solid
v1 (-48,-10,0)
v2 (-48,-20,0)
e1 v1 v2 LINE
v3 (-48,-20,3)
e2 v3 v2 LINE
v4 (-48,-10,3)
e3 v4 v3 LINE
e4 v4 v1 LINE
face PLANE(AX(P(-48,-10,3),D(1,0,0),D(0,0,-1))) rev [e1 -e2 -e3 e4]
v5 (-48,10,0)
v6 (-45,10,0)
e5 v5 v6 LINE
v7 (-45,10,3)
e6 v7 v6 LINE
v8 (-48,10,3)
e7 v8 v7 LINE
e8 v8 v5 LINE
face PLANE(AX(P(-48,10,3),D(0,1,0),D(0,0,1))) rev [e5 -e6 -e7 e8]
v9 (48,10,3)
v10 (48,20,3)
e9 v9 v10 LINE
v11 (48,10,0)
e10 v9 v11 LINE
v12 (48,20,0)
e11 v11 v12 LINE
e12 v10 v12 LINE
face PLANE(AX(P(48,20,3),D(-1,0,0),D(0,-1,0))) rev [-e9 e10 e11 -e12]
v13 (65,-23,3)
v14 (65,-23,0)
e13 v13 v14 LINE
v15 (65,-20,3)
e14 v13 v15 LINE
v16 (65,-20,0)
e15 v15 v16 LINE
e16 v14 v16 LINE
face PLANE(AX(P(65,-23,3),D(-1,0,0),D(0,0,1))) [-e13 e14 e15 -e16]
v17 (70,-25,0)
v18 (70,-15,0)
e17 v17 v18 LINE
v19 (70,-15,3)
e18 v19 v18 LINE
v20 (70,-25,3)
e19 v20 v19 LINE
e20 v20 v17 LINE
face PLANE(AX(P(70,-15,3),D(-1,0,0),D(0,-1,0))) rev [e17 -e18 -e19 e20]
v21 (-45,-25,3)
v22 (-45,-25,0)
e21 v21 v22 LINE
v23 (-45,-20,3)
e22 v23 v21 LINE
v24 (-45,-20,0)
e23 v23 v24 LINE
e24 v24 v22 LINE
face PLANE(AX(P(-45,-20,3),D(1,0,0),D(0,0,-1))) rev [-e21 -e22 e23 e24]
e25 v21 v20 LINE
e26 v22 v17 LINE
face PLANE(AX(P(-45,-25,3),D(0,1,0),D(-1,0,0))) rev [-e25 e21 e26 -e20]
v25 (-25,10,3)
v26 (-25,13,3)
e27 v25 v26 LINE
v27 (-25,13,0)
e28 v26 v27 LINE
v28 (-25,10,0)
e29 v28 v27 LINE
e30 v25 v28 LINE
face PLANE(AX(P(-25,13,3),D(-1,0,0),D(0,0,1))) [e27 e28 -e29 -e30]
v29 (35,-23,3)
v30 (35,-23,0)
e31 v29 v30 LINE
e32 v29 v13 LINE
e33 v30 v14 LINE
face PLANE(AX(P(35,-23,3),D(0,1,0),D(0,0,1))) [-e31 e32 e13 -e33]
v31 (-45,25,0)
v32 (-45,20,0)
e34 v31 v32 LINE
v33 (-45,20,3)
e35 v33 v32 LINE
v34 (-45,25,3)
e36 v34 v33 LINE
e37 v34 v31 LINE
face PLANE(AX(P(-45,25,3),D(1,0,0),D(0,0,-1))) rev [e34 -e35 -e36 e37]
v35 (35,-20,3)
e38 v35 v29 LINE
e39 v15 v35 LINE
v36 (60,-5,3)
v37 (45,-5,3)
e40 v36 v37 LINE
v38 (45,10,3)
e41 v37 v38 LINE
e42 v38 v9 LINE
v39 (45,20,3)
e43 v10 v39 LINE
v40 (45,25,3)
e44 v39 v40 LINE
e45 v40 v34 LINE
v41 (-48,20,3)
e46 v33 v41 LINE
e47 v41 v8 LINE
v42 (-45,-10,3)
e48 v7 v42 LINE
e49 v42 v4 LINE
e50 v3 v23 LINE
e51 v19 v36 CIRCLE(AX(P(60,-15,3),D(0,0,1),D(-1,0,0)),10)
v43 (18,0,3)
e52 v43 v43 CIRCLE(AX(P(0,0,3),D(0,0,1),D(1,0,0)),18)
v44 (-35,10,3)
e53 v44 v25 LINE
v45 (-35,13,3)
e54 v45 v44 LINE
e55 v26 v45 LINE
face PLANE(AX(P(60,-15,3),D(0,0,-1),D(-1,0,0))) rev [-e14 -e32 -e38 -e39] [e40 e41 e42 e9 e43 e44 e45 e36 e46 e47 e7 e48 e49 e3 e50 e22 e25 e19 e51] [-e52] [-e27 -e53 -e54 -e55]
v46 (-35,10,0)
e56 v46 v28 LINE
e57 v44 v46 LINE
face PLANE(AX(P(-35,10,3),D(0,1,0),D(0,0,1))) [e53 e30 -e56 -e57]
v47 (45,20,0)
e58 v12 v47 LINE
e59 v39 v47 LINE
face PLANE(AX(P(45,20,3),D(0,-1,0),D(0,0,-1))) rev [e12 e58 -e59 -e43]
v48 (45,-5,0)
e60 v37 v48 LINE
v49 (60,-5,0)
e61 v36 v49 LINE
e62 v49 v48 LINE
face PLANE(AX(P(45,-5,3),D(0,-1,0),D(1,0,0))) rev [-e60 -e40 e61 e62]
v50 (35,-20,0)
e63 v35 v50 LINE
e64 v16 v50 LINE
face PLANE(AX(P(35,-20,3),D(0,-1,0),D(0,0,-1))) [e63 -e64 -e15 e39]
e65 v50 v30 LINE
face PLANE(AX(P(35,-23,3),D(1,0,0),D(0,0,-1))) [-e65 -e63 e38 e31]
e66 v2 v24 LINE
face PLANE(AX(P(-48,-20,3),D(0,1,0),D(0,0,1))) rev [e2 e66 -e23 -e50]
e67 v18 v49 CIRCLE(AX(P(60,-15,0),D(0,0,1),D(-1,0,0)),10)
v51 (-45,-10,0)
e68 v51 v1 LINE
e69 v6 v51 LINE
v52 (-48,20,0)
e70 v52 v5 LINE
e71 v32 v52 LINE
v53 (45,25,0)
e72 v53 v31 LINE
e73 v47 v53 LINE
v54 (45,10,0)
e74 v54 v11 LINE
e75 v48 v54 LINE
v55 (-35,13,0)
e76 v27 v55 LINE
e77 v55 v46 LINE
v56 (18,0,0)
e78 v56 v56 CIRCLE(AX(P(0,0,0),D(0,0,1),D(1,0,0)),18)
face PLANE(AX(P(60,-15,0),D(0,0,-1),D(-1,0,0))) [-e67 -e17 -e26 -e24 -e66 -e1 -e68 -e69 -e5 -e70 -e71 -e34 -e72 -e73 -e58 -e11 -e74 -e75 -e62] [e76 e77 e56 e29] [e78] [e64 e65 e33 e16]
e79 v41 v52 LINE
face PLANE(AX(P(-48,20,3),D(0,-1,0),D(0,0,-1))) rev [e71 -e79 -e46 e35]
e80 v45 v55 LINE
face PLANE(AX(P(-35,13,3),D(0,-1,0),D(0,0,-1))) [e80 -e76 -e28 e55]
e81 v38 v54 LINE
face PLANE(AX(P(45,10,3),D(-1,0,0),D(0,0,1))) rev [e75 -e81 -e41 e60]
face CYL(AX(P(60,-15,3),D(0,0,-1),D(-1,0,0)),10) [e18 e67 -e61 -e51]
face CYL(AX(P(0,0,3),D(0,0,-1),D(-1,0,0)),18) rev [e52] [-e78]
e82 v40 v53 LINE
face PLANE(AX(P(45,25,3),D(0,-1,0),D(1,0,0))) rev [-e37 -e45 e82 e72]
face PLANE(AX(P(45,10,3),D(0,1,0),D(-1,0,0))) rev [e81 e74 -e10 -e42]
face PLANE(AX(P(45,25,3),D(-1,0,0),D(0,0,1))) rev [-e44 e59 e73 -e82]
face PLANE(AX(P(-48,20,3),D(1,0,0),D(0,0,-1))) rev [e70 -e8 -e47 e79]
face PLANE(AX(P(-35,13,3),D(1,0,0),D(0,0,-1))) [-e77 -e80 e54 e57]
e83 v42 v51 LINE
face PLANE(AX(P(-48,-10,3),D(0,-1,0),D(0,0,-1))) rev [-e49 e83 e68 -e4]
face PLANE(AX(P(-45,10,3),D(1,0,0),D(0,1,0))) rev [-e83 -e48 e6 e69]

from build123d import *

# Parameters (mm, degrees)
SKETCH1_R           = 18
SKETCH1_W           = 10
SKETCH1_H           = 3
SKETCH1_W_2         = 30
BOSS_EXTRUDE1_DEPTH = 3


with BuildPart() as part:
    # Sketch1 → Boss-Extrude1 (new body)
    with BuildSketch(Plane.XY):
        with BuildLine():
            Line((-45, 10), (-45, -10))
            Line((-45, -10), (-48, -10))
            Line((-48, -10), (-48, -20))
            Line((-48, -20), (-45, -20))
            Line((-45, -20), (-45, -25))
            Line((-45, -25), (70, -25))
            Line((70, -25), (70, -15))
            ThreePointArc((70, -15), (67.071067812, -7.928932188), (60, -5))
            Line((60, -5), (45, -5))
            Line((45, -5), (45, 10))
            Line((45, 10), (48, 10))
            Line((48, 10), (48, 20))
            Line((48, 20), (45, 20))
            Line((45, 20), (45, 25))
            Line((45, 25), (-45, 25))
            Line((-45, 25), (-45, 20))
            Line((-45, 20), (-48, 20))
            Line((-48, 20), (-48, 10))
            Line((-48, 10), (-45, 10))
        make_face()
        Circle(SKETCH1_R, mode=Mode.SUBTRACT)
        with Locations((-30, 11.5)):
            Rectangle(SKETCH1_W, SKETCH1_H, mode=Mode.SUBTRACT)
        with Locations((50, -21.5)):
            Rectangle(SKETCH1_W_2, SKETCH1_H, mode=Mode.SUBTRACT)
    extrude(amount=BOSS_EXTRUDE1_DEPTH)


solid = part.part
